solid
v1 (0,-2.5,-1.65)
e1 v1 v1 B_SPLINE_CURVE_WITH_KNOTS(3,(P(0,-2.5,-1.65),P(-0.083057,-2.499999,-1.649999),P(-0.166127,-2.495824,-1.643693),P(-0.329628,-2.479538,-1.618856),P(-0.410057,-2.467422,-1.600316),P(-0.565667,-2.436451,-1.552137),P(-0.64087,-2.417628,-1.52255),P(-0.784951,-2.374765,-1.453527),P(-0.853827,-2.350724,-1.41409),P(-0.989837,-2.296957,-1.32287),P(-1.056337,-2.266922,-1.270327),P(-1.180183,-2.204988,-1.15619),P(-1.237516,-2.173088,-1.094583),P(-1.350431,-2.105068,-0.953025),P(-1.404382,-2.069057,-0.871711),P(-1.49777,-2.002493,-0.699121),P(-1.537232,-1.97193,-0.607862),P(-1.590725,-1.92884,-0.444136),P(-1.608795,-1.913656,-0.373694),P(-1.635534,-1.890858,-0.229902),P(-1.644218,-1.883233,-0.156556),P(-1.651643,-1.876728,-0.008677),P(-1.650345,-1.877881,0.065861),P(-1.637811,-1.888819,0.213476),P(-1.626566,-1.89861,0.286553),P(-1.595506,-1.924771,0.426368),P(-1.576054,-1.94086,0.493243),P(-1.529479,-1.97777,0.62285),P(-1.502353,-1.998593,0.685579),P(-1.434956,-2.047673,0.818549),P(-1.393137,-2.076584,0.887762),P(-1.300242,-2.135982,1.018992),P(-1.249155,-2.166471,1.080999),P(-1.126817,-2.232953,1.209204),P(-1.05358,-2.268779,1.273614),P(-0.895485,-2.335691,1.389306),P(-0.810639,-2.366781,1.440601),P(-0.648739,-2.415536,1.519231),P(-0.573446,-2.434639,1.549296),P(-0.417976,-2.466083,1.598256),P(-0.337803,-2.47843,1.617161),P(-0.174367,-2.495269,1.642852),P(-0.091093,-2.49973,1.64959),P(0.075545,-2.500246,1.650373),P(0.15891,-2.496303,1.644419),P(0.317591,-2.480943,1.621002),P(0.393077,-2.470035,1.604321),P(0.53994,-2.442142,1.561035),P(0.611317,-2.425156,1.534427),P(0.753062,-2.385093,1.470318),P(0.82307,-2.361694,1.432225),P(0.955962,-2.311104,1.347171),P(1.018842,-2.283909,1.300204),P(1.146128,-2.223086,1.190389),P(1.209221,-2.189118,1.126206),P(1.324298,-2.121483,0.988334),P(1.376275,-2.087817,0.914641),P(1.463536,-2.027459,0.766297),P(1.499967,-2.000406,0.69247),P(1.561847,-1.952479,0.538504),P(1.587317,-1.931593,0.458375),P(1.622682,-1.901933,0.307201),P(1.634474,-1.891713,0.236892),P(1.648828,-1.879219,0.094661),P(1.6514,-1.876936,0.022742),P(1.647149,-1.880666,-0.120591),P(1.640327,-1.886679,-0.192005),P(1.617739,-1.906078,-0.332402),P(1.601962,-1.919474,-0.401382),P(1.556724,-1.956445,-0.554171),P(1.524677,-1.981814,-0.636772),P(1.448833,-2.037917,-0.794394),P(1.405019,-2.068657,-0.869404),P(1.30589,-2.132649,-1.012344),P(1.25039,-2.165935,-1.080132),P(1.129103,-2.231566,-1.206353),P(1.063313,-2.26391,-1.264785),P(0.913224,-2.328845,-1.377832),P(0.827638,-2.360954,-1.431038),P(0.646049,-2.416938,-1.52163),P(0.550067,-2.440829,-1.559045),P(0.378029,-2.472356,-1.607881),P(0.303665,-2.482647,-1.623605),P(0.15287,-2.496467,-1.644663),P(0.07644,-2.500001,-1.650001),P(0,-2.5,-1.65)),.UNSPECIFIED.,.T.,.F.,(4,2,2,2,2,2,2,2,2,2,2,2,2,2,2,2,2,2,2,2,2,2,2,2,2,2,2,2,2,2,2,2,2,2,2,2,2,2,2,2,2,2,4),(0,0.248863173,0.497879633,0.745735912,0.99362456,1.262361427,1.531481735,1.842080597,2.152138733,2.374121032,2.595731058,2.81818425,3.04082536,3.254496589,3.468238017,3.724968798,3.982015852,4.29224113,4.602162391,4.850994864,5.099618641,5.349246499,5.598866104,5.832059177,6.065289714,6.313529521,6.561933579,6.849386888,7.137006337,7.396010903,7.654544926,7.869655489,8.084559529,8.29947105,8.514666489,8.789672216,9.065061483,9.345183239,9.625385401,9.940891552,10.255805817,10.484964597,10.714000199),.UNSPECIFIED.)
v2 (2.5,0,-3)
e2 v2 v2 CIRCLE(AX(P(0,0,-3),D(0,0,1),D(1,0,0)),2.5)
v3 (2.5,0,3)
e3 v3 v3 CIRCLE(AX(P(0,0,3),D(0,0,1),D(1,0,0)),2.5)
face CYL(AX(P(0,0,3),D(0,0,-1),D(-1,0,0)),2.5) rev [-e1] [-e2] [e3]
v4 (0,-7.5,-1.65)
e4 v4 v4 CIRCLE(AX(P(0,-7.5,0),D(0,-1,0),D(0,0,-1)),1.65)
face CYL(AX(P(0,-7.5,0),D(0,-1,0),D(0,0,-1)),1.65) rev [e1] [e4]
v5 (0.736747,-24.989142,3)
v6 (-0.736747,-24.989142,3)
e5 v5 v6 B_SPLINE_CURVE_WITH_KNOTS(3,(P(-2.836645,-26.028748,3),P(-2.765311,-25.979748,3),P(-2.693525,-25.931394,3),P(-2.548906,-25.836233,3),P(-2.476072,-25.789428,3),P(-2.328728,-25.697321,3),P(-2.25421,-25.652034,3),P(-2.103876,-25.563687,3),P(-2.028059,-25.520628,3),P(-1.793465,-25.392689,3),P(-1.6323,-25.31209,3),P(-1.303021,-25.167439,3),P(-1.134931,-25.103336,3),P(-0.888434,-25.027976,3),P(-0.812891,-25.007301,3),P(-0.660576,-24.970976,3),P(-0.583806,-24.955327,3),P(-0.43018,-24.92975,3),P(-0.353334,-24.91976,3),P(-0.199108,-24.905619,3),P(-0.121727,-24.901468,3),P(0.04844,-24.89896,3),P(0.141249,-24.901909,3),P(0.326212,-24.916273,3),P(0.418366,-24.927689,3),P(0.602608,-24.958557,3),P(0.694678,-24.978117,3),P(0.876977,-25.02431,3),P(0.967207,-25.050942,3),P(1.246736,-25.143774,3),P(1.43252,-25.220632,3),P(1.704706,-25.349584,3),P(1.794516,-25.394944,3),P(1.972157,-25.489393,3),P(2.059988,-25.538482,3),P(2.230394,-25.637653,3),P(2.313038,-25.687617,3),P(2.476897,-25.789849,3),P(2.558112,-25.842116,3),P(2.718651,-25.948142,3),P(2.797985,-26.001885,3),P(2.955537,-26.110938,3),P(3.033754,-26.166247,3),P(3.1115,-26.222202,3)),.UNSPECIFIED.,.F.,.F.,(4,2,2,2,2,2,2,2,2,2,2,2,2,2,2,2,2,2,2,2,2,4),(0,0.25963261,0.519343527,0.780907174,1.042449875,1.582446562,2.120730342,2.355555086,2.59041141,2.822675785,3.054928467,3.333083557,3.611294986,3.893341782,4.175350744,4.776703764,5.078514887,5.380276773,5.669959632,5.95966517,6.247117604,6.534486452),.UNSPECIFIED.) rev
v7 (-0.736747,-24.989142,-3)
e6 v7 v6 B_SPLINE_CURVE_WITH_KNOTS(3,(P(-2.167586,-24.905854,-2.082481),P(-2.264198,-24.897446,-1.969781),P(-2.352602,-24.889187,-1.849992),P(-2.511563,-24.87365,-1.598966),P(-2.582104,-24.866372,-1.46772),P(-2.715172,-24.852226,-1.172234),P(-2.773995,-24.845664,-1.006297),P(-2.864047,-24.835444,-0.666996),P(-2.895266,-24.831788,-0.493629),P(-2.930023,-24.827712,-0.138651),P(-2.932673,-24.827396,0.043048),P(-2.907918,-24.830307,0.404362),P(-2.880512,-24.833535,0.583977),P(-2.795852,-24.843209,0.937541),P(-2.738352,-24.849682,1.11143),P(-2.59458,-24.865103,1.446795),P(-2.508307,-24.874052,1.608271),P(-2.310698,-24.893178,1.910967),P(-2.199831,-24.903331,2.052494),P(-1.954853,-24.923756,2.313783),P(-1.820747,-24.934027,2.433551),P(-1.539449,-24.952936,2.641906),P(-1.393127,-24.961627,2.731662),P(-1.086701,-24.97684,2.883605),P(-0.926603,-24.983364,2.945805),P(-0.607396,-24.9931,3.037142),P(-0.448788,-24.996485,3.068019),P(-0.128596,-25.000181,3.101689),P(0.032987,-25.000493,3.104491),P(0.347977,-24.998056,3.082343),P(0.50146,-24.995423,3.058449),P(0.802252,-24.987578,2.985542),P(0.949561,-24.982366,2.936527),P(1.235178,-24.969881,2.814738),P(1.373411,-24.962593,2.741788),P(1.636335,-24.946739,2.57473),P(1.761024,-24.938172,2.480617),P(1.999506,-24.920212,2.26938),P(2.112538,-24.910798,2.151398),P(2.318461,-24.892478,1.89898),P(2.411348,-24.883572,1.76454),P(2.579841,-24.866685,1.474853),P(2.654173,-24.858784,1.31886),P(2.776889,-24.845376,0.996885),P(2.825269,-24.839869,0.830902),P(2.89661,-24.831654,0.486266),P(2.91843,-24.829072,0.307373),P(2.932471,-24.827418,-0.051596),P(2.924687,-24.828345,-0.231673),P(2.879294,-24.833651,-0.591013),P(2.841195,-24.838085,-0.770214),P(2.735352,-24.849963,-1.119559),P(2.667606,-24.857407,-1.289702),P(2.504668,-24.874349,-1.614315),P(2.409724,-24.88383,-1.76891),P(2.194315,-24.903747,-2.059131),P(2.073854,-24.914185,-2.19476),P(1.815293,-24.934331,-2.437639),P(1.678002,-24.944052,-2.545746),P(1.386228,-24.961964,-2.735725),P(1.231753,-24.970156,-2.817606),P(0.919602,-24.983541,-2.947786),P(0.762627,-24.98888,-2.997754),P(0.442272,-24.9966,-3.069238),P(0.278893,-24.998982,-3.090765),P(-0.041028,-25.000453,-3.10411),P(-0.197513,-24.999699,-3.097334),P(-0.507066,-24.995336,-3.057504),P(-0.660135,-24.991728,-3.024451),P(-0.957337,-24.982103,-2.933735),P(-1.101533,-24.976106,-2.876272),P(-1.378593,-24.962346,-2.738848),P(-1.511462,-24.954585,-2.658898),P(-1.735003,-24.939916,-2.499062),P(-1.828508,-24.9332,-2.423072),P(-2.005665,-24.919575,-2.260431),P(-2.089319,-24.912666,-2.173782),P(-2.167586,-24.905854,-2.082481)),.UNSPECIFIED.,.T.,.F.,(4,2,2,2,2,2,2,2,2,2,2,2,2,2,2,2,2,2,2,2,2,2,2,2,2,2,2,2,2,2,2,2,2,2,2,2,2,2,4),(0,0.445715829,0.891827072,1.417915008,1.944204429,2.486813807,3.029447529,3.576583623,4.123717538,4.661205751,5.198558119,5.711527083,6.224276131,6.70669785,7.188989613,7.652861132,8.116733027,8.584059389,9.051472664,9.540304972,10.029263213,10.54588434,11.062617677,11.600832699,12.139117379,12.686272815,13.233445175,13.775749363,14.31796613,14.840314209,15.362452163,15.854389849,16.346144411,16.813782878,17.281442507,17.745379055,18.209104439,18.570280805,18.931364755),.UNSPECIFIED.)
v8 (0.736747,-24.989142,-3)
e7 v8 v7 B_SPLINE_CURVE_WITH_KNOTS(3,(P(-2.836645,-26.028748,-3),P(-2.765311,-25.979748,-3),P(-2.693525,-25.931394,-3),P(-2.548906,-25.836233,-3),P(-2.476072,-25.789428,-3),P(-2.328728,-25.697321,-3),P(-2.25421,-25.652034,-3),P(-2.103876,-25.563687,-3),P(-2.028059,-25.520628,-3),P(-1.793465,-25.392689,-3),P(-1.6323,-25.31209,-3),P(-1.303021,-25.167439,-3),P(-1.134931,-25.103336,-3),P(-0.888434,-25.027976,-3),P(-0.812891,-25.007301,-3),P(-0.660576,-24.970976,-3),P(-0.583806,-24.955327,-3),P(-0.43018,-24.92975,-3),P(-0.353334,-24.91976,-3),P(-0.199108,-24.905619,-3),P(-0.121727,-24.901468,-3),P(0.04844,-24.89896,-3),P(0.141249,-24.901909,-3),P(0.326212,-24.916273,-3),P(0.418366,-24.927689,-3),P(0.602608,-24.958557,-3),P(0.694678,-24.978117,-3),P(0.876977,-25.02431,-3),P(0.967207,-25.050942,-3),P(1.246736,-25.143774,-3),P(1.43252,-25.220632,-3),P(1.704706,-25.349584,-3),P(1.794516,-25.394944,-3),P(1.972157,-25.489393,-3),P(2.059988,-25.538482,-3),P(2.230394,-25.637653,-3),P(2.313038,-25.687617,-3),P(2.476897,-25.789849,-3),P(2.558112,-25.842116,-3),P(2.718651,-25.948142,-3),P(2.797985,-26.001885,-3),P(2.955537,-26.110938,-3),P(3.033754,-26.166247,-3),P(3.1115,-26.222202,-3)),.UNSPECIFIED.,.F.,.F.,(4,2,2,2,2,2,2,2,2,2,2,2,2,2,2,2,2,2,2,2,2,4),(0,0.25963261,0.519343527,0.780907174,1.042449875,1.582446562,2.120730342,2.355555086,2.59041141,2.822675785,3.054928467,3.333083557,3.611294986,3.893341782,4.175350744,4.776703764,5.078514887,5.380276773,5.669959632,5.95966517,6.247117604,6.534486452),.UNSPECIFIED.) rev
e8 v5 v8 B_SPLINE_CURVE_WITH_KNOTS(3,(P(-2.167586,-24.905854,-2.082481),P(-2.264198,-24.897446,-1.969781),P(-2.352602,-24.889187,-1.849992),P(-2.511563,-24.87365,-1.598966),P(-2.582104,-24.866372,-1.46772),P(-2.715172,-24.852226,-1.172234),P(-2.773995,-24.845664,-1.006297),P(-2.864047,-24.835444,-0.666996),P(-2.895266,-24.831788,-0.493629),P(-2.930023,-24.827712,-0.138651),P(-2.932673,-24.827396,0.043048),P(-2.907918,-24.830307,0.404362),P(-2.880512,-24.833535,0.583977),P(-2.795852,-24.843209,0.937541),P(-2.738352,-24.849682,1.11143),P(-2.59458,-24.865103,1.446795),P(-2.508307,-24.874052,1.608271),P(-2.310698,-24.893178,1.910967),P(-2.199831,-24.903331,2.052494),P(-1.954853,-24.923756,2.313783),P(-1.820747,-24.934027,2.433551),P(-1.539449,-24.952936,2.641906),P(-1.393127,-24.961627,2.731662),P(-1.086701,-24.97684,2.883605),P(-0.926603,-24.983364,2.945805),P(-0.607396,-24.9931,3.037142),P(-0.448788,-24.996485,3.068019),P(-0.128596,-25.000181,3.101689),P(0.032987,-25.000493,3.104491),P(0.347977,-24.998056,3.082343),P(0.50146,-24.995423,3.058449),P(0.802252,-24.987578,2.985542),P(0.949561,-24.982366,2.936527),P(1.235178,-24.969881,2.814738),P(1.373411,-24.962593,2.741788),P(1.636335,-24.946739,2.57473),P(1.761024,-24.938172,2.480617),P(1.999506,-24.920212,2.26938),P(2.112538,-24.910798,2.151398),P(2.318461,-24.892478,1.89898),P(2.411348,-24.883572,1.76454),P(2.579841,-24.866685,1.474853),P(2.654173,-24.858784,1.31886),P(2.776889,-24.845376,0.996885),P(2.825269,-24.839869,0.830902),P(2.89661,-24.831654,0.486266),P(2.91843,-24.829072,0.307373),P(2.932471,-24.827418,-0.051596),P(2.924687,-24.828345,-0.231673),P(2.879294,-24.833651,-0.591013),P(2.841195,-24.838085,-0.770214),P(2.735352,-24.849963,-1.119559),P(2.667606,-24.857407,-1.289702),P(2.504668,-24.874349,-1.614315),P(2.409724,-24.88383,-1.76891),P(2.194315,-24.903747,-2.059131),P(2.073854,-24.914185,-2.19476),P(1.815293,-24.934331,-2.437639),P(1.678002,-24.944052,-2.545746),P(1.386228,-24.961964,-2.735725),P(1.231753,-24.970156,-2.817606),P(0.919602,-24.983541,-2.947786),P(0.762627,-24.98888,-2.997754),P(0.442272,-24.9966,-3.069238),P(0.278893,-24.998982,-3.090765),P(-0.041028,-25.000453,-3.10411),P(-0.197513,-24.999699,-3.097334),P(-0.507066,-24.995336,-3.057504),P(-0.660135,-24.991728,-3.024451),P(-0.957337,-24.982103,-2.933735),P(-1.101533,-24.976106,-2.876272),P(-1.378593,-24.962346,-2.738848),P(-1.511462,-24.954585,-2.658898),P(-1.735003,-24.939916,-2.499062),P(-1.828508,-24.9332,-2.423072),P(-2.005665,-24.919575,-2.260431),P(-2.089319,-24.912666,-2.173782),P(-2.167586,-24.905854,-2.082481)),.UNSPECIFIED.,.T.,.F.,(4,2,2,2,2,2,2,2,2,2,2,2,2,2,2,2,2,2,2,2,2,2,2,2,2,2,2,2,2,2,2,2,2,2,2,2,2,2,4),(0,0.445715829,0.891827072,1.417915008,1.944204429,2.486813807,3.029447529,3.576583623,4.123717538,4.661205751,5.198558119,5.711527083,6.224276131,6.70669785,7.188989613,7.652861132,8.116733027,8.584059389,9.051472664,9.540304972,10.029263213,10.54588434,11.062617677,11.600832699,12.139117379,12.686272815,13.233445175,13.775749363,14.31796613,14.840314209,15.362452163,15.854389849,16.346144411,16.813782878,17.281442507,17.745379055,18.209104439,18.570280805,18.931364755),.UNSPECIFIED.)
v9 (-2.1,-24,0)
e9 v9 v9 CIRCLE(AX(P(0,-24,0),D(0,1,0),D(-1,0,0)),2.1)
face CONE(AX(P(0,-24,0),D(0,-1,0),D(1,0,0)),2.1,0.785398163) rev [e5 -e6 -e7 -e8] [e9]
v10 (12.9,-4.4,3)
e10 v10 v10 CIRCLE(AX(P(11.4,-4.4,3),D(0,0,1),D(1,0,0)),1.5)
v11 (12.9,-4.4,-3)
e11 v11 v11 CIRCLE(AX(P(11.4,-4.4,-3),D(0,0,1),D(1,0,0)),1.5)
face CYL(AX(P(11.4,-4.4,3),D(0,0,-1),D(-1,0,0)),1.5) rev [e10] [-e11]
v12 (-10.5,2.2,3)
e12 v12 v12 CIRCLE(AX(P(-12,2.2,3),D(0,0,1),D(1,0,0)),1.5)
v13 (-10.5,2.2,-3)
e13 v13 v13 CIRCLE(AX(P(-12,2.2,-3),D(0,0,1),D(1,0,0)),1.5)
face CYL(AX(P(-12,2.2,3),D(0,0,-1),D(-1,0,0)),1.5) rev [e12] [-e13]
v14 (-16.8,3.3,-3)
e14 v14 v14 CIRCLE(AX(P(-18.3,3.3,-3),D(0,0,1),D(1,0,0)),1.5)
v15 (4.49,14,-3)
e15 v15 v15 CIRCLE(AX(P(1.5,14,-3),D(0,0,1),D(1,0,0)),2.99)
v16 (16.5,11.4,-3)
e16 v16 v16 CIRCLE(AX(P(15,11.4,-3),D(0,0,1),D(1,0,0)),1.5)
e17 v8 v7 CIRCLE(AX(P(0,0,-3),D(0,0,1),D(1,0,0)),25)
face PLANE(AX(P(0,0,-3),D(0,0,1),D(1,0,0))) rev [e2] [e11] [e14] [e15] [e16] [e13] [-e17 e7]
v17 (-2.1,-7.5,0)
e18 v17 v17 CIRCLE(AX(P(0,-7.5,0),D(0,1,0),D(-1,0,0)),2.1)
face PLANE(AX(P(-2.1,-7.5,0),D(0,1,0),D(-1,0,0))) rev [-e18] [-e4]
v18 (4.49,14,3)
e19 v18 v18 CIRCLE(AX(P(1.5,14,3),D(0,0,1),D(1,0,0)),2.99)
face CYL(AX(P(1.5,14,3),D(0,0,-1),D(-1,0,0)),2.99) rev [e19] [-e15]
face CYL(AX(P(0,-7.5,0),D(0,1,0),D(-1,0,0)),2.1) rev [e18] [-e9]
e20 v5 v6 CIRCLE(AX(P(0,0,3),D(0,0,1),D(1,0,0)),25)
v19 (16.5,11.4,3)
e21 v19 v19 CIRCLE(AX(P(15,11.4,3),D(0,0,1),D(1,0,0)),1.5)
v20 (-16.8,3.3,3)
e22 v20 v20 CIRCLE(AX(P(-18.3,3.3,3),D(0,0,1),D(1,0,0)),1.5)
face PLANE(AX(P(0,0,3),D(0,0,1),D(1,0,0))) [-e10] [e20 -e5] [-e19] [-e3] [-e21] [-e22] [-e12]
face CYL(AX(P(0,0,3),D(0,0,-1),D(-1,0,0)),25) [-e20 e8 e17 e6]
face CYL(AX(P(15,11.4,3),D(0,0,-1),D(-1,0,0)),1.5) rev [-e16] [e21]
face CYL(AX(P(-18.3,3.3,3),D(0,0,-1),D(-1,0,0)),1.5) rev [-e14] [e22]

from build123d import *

# Parameters (mm, degrees)
ESQUISSE1_R               = 25
ESQUISSE1_R_2             = 1.5
ESQUISSE1_R_3             = 2.99
ESQUISSE1_R_4             = 2.5
EXTRUSION1_DEPTH          = 3
TROU_TARAUD_M4X0_71_D     = 3.3
TROU_TARAUD_M4X0_71_DEPTH = 7.5
TROU_TARAUD_M4X0_71_TIP   = 0.991420021


with BuildPart() as part:
    # Esquisse1 → Extrusion1 (new body, symmetric)
    with BuildSketch(Plane.XY):
        Circle(ESQUISSE1_R)
        with Locations((-18.3, 3.3)):
            Circle(ESQUISSE1_R_2, mode=Mode.SUBTRACT)
        with Locations((-12, 2.2)):
            Circle(ESQUISSE1_R_2, mode=Mode.SUBTRACT)
        with Locations((1.5, 14)):
            Circle(ESQUISSE1_R_3, mode=Mode.SUBTRACT)
        Circle(ESQUISSE1_R_4, mode=Mode.SUBTRACT)
        with Locations((15, 11.4)):
            Circle(ESQUISSE1_R_2, mode=Mode.SUBTRACT)
        with Locations((11.4, -4.4)):
            Circle(ESQUISSE1_R_2, mode=Mode.SUBTRACT)
    extrude(amount=EXTRUSION1_DEPTH, both=True)

    # Esquisse2 → Enlèvement de matière-Révolution1 (revolve, cut)
    with BuildSketch(Plane.XY, mode=Mode.PRIVATE) as enl_vement_de_mati_re_r_volution1_sk:
        Polygon((0, -7.5), (0, -25), (-3.1, -25), (-2.1, -24), (-2.1, -7.5), align=None)
    revolve(enl_vement_de_mati_re_r_volution1_sk.sketch.rotate(Axis((0, -7.5, 0), (0, -1, 0)), 103.797774305), axis=Axis((0, -7.5, 0), (0, -1, 0)), mode=Mode.SUBTRACT)  # turned: the seam where the file's is

    # Trou taraudé M4x0.71
    with Locations(Plane(origin=(0, -7.5, 0), x_dir=(-1, 0, 0), z_dir=(0, -1, 0))):
        with Locations((0, 0)):
            Hole(TROU_TARAUD_M4X0_71_D / 2, depth=TROU_TARAUD_M4X0_71_DEPTH)
            with Locations((0, 0, -(TROU_TARAUD_M4X0_71_DEPTH + TROU_TARAUD_M4X0_71_TIP / 2))):  # 118° drill point
                Cone(0, TROU_TARAUD_M4X0_71_D / 2, TROU_TARAUD_M4X0_71_TIP, mode=Mode.SUBTRACT)


solid = part.part
